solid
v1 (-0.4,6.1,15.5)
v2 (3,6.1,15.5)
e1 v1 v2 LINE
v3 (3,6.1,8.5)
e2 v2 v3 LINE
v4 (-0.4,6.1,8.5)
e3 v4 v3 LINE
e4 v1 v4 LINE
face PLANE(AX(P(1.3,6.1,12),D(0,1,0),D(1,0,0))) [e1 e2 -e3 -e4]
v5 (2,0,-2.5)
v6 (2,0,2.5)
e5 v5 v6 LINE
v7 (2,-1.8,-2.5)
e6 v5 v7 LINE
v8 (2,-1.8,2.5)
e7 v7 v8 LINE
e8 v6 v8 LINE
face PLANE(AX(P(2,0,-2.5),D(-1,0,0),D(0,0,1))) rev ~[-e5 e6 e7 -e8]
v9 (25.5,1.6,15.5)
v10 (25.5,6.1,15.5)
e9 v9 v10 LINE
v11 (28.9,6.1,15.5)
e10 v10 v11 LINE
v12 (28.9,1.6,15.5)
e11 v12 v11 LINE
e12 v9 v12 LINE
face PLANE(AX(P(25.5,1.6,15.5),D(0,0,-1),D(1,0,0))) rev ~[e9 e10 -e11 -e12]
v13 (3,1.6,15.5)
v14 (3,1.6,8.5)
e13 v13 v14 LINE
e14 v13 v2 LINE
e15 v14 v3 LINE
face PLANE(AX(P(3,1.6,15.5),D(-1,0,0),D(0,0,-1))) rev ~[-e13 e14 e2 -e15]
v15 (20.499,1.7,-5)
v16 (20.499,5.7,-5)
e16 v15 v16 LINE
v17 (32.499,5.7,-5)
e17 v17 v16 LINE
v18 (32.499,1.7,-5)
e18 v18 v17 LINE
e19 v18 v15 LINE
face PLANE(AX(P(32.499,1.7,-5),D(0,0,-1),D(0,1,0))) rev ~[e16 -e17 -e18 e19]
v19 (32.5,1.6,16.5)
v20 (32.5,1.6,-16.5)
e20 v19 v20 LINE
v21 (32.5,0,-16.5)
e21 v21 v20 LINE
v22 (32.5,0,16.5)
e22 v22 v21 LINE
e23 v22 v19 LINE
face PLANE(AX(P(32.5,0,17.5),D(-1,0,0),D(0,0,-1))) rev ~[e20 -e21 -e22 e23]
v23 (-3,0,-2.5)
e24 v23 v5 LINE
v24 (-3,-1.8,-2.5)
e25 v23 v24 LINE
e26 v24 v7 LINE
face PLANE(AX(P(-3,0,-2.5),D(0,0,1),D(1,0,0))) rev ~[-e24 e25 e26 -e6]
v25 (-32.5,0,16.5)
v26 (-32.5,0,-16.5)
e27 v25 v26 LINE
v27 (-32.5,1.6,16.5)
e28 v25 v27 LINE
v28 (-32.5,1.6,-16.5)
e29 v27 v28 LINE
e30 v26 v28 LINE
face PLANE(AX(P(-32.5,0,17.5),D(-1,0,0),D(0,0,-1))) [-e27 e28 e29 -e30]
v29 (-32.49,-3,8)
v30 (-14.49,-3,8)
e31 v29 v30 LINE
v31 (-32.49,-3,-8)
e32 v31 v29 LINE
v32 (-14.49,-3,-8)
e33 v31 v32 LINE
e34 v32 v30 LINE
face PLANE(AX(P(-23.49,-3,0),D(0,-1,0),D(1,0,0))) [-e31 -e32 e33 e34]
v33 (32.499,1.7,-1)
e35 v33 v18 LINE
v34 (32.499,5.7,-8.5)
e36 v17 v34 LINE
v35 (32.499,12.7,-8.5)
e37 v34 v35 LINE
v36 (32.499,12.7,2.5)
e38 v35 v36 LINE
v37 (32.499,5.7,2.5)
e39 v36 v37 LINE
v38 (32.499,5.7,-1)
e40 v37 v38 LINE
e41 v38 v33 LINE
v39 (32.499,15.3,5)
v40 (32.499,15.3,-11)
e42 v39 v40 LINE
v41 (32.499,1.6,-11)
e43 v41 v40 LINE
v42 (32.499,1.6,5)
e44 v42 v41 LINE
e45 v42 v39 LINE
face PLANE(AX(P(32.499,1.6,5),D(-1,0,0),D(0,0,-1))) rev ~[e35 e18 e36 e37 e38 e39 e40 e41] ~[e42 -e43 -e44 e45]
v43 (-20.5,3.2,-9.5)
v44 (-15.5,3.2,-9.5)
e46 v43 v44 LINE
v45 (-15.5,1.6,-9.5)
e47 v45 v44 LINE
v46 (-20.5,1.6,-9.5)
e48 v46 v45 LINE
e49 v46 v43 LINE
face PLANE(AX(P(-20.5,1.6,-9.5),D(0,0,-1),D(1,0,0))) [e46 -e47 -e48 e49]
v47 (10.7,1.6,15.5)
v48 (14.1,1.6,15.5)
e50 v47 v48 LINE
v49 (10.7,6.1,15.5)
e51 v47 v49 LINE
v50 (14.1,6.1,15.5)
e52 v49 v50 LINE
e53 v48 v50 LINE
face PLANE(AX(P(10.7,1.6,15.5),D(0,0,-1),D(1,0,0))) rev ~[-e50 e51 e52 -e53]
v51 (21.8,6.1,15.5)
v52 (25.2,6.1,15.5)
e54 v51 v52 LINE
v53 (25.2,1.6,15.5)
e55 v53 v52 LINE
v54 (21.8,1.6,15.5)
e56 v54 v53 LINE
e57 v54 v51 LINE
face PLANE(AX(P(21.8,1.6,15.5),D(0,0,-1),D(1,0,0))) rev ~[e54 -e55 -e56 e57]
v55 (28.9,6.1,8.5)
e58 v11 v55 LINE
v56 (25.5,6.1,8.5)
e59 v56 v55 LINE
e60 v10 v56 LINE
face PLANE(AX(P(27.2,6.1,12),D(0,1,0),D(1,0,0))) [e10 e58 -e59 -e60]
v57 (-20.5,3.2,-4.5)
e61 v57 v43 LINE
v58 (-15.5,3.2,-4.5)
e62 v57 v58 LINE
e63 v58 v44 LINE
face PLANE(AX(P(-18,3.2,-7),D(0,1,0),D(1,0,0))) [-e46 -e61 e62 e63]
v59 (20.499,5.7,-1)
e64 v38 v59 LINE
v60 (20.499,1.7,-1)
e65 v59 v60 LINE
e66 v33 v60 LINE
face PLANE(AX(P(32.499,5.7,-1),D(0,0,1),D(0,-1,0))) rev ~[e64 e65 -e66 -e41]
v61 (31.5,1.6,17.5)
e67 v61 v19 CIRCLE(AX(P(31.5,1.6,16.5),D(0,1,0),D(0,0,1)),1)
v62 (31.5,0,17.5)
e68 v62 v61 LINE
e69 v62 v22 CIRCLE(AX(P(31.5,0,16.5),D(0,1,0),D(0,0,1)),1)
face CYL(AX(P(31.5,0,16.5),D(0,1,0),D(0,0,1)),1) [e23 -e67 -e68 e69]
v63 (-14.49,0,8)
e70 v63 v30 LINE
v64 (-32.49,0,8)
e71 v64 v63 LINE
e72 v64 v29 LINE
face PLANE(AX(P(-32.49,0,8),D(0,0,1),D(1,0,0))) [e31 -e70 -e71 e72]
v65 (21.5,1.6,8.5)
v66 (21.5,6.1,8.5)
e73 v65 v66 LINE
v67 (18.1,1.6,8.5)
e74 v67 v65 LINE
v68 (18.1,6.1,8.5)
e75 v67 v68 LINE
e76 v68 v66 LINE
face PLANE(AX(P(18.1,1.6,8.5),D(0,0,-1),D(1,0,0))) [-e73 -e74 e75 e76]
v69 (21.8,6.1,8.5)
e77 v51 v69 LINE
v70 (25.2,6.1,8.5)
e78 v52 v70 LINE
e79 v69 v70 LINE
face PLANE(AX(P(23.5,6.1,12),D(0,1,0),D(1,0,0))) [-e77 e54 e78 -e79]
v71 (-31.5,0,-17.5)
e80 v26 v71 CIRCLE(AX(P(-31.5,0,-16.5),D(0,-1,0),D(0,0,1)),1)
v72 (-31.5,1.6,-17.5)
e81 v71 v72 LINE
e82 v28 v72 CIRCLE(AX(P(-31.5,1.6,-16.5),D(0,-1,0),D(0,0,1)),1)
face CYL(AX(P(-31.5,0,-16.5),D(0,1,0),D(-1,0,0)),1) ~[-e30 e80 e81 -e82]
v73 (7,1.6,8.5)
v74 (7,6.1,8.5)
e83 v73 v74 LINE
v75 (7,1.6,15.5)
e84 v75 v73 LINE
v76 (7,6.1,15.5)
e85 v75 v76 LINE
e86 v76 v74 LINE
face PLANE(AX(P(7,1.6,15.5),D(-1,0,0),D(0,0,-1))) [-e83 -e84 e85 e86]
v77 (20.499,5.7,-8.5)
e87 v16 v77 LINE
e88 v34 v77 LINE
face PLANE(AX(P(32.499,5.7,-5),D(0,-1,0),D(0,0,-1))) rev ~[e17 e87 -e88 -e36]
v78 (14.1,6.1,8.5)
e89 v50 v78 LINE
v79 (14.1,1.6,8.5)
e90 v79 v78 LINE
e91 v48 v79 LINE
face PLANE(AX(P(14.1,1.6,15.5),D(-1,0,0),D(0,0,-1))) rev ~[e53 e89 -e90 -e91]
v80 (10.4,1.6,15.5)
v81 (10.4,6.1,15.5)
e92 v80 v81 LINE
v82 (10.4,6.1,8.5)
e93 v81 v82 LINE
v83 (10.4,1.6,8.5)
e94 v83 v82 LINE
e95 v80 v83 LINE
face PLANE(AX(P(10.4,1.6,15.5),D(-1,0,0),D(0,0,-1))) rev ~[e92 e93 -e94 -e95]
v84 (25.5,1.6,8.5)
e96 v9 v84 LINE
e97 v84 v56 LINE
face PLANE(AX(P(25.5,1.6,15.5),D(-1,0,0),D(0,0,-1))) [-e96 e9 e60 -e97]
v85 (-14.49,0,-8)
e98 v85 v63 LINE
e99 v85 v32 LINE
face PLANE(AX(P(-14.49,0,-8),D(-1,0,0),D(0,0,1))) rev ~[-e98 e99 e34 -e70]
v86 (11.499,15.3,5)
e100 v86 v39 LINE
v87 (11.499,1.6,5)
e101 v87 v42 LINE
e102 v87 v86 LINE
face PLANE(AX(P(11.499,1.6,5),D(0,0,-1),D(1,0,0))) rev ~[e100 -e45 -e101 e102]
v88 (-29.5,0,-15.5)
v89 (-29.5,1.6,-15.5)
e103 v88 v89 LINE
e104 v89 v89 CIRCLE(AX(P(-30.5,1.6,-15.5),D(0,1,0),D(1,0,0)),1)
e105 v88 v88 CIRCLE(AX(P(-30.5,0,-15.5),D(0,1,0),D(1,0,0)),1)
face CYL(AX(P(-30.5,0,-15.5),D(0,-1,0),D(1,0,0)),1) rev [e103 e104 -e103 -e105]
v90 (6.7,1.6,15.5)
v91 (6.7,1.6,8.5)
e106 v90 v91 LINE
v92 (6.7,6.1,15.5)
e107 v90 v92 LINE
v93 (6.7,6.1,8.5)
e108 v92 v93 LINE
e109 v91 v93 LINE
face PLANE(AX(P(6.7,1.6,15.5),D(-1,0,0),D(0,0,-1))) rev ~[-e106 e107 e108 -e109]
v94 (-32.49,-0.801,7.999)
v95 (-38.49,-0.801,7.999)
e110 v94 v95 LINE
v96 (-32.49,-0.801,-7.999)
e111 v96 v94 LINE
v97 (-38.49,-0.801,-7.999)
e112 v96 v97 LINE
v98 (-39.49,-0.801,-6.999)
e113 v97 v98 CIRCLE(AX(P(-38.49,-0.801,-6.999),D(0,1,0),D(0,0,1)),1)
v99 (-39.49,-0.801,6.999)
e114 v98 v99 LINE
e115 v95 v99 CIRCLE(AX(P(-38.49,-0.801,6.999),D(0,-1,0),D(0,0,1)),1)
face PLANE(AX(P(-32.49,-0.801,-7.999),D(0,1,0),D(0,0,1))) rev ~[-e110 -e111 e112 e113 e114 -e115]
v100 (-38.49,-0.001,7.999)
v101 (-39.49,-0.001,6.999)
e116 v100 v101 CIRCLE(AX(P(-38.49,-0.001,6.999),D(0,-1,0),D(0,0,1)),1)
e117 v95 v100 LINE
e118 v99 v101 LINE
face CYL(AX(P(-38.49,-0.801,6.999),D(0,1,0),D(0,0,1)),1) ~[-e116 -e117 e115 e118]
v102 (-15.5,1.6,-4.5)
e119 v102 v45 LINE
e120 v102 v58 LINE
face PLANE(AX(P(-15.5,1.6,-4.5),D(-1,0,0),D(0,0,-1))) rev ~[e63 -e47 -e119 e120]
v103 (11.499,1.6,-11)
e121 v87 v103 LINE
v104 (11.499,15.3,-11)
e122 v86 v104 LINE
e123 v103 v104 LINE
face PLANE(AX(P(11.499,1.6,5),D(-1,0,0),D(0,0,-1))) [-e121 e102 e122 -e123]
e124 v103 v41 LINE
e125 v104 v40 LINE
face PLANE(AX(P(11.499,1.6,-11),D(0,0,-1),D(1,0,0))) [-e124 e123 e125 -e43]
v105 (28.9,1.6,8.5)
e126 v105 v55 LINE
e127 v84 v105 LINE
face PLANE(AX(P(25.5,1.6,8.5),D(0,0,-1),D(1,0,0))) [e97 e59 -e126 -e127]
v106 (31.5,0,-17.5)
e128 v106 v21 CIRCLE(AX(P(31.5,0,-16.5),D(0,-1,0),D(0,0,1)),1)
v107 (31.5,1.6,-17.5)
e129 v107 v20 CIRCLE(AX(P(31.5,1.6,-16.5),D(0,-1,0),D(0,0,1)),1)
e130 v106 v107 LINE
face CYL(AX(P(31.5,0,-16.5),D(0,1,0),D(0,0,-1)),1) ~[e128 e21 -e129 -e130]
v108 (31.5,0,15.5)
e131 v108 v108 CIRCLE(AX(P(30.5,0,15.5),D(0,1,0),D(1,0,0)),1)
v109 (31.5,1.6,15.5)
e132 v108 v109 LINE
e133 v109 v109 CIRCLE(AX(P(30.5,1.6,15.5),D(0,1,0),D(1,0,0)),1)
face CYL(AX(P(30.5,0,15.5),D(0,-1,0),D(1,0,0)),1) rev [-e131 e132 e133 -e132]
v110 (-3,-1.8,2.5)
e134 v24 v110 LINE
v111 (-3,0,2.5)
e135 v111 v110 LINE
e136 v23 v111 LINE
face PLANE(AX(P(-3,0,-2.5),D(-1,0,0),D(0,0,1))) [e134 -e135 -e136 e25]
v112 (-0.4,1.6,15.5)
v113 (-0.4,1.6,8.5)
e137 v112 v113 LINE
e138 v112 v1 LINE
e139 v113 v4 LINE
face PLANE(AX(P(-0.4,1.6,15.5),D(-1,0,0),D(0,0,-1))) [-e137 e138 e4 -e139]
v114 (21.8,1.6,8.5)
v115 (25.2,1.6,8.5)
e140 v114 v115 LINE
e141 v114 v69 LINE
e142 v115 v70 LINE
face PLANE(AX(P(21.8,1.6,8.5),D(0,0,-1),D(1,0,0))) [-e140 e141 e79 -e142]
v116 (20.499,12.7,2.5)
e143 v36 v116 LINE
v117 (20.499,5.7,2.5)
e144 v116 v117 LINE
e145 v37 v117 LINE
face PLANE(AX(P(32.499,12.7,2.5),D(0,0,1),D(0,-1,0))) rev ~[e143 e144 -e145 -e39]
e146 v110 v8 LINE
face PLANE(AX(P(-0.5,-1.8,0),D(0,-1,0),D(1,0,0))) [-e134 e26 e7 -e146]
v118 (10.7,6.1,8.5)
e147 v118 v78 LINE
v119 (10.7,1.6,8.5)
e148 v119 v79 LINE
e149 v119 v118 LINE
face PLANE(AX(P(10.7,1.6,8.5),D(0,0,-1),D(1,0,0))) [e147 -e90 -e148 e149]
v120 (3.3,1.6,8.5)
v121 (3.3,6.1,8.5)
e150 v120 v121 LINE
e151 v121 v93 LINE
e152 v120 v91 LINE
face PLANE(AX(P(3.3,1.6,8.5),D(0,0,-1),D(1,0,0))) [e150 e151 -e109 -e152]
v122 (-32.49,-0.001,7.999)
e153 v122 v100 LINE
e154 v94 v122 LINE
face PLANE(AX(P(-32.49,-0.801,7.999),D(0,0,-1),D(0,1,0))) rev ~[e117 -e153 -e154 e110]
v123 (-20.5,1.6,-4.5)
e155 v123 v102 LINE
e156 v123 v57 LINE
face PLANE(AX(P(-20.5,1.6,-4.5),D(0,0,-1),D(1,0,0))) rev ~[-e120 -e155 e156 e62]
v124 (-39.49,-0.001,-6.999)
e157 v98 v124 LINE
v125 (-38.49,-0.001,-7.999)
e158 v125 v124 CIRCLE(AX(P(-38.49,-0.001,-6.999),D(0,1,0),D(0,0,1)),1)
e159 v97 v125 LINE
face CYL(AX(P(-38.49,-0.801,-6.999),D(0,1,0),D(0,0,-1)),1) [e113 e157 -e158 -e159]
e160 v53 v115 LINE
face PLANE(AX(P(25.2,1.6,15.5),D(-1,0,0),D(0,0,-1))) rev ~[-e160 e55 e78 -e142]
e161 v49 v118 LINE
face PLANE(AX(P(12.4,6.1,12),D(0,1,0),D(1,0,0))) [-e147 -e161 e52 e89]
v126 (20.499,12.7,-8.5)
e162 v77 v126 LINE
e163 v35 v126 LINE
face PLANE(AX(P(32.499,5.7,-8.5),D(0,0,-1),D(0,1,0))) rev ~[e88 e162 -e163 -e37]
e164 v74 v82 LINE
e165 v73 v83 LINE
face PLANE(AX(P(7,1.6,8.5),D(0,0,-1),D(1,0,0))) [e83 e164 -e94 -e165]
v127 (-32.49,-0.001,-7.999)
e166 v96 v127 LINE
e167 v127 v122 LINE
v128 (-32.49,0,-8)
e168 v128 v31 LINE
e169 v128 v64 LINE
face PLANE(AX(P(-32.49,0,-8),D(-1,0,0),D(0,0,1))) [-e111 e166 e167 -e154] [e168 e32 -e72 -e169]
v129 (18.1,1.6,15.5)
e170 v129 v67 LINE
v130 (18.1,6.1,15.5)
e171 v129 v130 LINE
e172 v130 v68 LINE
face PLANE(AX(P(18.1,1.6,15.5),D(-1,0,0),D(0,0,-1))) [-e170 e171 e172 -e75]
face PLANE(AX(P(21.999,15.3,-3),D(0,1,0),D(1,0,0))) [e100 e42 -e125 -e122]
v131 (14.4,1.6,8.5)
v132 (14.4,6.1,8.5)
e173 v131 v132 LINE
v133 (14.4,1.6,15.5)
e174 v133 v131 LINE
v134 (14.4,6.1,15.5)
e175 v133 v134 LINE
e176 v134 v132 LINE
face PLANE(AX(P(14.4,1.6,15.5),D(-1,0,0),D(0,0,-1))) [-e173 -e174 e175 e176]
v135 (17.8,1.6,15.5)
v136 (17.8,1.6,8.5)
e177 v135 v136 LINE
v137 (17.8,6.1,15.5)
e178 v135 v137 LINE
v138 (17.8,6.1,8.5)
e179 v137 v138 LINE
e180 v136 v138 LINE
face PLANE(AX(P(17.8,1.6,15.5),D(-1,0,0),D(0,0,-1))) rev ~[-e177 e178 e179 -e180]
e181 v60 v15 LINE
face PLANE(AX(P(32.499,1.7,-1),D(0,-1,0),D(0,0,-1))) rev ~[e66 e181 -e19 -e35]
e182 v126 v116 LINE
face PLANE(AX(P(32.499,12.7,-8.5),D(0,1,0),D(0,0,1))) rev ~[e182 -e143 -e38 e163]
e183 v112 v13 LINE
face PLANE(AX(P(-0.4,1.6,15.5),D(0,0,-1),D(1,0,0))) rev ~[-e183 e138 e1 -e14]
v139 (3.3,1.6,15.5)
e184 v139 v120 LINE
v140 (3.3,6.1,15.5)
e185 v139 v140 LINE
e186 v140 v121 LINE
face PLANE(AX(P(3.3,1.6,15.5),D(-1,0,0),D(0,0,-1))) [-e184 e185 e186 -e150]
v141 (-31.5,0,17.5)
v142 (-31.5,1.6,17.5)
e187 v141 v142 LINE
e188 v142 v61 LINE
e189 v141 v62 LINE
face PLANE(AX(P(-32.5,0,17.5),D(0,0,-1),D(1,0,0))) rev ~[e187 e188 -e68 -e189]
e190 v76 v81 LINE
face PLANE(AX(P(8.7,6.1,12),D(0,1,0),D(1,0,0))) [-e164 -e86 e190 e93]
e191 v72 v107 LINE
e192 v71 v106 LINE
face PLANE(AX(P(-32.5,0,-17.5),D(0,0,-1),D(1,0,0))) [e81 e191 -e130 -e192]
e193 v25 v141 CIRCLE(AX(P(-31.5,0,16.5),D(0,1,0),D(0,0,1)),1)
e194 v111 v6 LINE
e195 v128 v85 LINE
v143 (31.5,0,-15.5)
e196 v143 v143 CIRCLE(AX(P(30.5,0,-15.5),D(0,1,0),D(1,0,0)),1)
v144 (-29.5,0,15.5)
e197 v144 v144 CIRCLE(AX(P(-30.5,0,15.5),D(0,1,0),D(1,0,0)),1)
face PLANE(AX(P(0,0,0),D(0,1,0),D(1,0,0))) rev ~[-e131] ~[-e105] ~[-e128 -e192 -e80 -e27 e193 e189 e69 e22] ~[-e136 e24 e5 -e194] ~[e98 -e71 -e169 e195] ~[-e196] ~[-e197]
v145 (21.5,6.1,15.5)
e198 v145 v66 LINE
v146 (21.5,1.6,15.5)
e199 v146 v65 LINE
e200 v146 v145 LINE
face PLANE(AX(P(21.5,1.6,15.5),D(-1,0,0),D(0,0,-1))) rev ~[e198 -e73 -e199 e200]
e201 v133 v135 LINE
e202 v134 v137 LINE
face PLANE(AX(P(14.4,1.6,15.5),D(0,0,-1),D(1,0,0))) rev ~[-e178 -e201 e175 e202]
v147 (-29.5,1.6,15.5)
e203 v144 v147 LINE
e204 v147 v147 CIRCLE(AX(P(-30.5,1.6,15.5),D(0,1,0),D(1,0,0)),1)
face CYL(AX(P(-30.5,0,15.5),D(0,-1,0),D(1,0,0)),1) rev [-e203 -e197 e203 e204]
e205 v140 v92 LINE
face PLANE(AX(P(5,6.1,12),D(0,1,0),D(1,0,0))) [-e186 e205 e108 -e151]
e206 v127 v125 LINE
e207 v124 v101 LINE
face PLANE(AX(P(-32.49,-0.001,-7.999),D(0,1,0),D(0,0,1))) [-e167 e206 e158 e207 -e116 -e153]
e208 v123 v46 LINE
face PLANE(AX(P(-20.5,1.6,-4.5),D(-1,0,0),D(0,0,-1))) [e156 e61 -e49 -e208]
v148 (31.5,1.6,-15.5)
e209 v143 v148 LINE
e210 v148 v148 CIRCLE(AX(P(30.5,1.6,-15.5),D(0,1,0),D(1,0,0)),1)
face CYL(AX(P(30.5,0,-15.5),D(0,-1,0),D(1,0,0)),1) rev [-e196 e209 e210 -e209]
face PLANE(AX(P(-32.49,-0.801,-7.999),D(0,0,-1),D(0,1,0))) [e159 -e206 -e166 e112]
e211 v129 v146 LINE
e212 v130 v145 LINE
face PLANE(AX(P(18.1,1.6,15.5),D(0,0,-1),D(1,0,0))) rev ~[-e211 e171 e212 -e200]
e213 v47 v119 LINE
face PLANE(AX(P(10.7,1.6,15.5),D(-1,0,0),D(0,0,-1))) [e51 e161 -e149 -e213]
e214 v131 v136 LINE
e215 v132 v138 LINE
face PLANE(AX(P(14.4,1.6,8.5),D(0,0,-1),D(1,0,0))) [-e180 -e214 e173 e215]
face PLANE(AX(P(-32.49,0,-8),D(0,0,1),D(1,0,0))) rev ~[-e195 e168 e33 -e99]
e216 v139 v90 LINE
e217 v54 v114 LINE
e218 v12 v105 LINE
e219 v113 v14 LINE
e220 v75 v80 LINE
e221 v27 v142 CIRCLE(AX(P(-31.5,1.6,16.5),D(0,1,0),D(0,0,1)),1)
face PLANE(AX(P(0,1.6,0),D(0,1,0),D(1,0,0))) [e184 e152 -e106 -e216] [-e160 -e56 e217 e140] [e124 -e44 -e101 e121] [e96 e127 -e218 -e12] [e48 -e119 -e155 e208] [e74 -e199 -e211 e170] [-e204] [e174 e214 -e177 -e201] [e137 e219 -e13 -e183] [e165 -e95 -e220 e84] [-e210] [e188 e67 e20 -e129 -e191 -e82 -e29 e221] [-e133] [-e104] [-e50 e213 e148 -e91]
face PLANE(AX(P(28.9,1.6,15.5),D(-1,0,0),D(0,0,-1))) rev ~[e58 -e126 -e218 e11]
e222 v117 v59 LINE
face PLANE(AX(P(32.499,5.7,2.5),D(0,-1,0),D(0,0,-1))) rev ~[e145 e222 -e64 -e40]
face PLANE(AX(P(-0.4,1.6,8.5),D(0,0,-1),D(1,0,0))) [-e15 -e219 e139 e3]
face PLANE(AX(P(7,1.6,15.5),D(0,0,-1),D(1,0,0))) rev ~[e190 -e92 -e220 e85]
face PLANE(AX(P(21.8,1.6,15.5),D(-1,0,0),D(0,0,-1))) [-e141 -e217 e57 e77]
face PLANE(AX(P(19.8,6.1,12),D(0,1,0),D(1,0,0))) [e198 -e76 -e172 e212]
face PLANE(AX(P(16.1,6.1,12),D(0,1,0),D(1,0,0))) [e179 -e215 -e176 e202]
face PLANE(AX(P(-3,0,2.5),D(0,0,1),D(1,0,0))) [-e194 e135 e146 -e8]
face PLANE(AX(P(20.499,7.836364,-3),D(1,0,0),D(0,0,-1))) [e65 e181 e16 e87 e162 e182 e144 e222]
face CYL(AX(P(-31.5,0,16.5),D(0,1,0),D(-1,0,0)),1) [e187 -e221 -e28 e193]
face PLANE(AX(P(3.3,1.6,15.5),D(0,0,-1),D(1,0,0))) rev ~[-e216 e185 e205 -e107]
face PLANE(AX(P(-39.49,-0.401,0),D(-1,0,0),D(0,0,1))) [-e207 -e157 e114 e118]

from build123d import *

# Parameters (mm, degrees)
SKIZZE1_W                       = 65
SKIZZE1_H                       = 35
SKIZZE1_R                       = 1
AUFSATZ_LINEAR_AUSTRAGEN1_DEPTH = 1.6
VERRUNDUNG1_R                   = 1
SKIZZE2_W                       = 18
SKIZZE2_H                       = 16
AUFSATZ_LINEAR_AUSTRAGEN2_DEPTH = 3
SKIZZE3_W                       = 15.998
SKIZZE3_H                       = 0.8
AUFSATZ_LINEAR_AUSTRAGEN3_DEPTH = 7
VERRUNDUNG2_R                   = 1
SKIZZE4_W                       = 21
SKIZZE4_H                       = 16
AUFSATZ_LINEAR_AUSTRAGEN4_DEPTH = 13.7
SCHNITT_LINEAR_AUSTRAGEN1_DEPTH = 12
SKIZZE6_W                       = 3.4
SKIZZE6_H                       = 7
AUFSATZ_LINEAR_AUSTRAGEN5_DEPTH = 4.5
SKIZZE7_W                       = 5
SKIZZE7_H                       = 5
AUFSATZ_LINEAR_AUSTRAGEN6_DEPTH = 1.8
SKIZZE8_W                       = 5
SKIZZE8_H                       = 5
AUFSATZ_LINEAR_AUSTRAGEN7_DEPTH = 1.6


with BuildPart() as part:
    # Skizze1 → Aufsatz-Linear austragen1 (new body)
    with BuildSketch(Plane(origin=(0, 0, 0), x_dir=(1, 0, 0), z_dir=(0, 1, 0))):
        Rectangle(SKIZZE1_W, SKIZZE1_H)
        with Locations((-30.5, -15.5)):
            Circle(SKIZZE1_R, mode=Mode.SUBTRACT)
        with Locations((30.5, -15.5)):
            Circle(SKIZZE1_R, mode=Mode.SUBTRACT)
        with Locations((30.5, 15.5)):
            Circle(SKIZZE1_R, mode=Mode.SUBTRACT)
        with Locations((-30.5, 15.5)):
            Circle(SKIZZE1_R, mode=Mode.SUBTRACT)
    extrude(amount=AUFSATZ_LINEAR_AUSTRAGEN1_DEPTH)

    # Verrundung1
    verrundung1_edges = [part.edges().sort_by_distance(p)[0] for p in [
        (32.5, 0.8, -17.5),
        (32.5, 0.8, 17.5),
        (-32.5, 0.8, 17.5),
        (-32.5, 0.8, -17.5),
    ]]
    fillet(verrundung1_edges, radius=VERRUNDUNG1_R)

    # Skizze2 → Aufsatz-Linear austragen2 (add)
    with BuildSketch(Plane.XZ):
        with Locations((-23.49, 0)):
            Rectangle(SKIZZE2_W, SKIZZE2_H)
    extrude(amount=AUFSATZ_LINEAR_AUSTRAGEN2_DEPTH)

    # Skizze3 → Aufsatz-Linear austragen3 (add)
    with BuildSketch(Plane.ZY.offset(32.49)):
        with Locations((0, -0.401)):
            Rectangle(SKIZZE3_W, SKIZZE3_H)
    extrude(amount=AUFSATZ_LINEAR_AUSTRAGEN3_DEPTH)

    # Verrundung2
    verrundung2_edges = [part.edges().sort_by_distance(p)[0] for p in [
        (-39.49, -0.401, -7.999),
        (-39.49, -0.401, 7.999),
    ]]
    fillet(verrundung2_edges, radius=VERRUNDUNG2_R)

    # Skizze4 → Aufsatz-Linear austragen4 (add)
    with BuildSketch(Plane(origin=(0, 1.6, 0), x_dir=(1, 0, 0), z_dir=(0, 1, 0))):
        with Locations((21.999, 3)):
            Rectangle(SKIZZE4_W, SKIZZE4_H)
    extrude(amount=AUFSATZ_LINEAR_AUSTRAGEN4_DEPTH)

    # Skizze5 → Schnitt-Linear austragen1 (cut)
    with BuildSketch(Plane(origin=(32.499, 0, 0), x_dir=(0, 0, -1), z_dir=(1, 0, 0))):
        Polygon((8.5, 12.7), (-2.5, 12.7), (-2.5, 5.7), (1, 5.7), (1, 1.7), (5, 1.7), (5, 5.7), (8.5, 5.7), align=None)
    extrude(amount=-SCHNITT_LINEAR_AUSTRAGEN1_DEPTH, mode=Mode.SUBTRACT)

    # Skizze6 → Aufsatz-Linear austragen5 (add)
    with BuildSketch(Plane(origin=(0, 1.6, 0), x_dir=(1, 0, 0), z_dir=(0, 1, 0))):
        with Locations((27.2, -12)):
            Rectangle(SKIZZE6_W, SKIZZE6_H)
        with Locations((23.5, -12)):
            Rectangle(SKIZZE6_W, SKIZZE6_H)
        with Locations((19.8, -12)):
            Rectangle(SKIZZE6_W, SKIZZE6_H)
        with Locations((16.1, -12)):
            Rectangle(SKIZZE6_W, SKIZZE6_H)
        with Locations((12.4, -12)):
            Rectangle(SKIZZE6_W, SKIZZE6_H)
        with Locations((8.7, -12)):
            Rectangle(SKIZZE6_W, SKIZZE6_H)
        with Locations((5, -12)):
            Rectangle(SKIZZE6_W, SKIZZE6_H)
        with Locations((1.3, -12)):
            Rectangle(SKIZZE6_W, SKIZZE6_H)
    extrude(amount=AUFSATZ_LINEAR_AUSTRAGEN5_DEPTH)

    # Skizze7 → Aufsatz-Linear austragen6 (add)
    with BuildSketch(Plane.XZ):
        with Locations((-0.5, 0)):
            Rectangle(SKIZZE7_W, SKIZZE7_H)
    extrude(amount=AUFSATZ_LINEAR_AUSTRAGEN6_DEPTH)

    # Skizze8 → Aufsatz-Linear austragen7 (add)
    with BuildSketch(Plane(origin=(0, 1.6, 0), x_dir=(1, 0, 0), z_dir=(0, 1, 0))):
        with Locations((-18, 7)):
            Rectangle(SKIZZE8_W, SKIZZE8_H)
    extrude(amount=AUFSATZ_LINEAR_AUSTRAGEN7_DEPTH)


solid = part.part
